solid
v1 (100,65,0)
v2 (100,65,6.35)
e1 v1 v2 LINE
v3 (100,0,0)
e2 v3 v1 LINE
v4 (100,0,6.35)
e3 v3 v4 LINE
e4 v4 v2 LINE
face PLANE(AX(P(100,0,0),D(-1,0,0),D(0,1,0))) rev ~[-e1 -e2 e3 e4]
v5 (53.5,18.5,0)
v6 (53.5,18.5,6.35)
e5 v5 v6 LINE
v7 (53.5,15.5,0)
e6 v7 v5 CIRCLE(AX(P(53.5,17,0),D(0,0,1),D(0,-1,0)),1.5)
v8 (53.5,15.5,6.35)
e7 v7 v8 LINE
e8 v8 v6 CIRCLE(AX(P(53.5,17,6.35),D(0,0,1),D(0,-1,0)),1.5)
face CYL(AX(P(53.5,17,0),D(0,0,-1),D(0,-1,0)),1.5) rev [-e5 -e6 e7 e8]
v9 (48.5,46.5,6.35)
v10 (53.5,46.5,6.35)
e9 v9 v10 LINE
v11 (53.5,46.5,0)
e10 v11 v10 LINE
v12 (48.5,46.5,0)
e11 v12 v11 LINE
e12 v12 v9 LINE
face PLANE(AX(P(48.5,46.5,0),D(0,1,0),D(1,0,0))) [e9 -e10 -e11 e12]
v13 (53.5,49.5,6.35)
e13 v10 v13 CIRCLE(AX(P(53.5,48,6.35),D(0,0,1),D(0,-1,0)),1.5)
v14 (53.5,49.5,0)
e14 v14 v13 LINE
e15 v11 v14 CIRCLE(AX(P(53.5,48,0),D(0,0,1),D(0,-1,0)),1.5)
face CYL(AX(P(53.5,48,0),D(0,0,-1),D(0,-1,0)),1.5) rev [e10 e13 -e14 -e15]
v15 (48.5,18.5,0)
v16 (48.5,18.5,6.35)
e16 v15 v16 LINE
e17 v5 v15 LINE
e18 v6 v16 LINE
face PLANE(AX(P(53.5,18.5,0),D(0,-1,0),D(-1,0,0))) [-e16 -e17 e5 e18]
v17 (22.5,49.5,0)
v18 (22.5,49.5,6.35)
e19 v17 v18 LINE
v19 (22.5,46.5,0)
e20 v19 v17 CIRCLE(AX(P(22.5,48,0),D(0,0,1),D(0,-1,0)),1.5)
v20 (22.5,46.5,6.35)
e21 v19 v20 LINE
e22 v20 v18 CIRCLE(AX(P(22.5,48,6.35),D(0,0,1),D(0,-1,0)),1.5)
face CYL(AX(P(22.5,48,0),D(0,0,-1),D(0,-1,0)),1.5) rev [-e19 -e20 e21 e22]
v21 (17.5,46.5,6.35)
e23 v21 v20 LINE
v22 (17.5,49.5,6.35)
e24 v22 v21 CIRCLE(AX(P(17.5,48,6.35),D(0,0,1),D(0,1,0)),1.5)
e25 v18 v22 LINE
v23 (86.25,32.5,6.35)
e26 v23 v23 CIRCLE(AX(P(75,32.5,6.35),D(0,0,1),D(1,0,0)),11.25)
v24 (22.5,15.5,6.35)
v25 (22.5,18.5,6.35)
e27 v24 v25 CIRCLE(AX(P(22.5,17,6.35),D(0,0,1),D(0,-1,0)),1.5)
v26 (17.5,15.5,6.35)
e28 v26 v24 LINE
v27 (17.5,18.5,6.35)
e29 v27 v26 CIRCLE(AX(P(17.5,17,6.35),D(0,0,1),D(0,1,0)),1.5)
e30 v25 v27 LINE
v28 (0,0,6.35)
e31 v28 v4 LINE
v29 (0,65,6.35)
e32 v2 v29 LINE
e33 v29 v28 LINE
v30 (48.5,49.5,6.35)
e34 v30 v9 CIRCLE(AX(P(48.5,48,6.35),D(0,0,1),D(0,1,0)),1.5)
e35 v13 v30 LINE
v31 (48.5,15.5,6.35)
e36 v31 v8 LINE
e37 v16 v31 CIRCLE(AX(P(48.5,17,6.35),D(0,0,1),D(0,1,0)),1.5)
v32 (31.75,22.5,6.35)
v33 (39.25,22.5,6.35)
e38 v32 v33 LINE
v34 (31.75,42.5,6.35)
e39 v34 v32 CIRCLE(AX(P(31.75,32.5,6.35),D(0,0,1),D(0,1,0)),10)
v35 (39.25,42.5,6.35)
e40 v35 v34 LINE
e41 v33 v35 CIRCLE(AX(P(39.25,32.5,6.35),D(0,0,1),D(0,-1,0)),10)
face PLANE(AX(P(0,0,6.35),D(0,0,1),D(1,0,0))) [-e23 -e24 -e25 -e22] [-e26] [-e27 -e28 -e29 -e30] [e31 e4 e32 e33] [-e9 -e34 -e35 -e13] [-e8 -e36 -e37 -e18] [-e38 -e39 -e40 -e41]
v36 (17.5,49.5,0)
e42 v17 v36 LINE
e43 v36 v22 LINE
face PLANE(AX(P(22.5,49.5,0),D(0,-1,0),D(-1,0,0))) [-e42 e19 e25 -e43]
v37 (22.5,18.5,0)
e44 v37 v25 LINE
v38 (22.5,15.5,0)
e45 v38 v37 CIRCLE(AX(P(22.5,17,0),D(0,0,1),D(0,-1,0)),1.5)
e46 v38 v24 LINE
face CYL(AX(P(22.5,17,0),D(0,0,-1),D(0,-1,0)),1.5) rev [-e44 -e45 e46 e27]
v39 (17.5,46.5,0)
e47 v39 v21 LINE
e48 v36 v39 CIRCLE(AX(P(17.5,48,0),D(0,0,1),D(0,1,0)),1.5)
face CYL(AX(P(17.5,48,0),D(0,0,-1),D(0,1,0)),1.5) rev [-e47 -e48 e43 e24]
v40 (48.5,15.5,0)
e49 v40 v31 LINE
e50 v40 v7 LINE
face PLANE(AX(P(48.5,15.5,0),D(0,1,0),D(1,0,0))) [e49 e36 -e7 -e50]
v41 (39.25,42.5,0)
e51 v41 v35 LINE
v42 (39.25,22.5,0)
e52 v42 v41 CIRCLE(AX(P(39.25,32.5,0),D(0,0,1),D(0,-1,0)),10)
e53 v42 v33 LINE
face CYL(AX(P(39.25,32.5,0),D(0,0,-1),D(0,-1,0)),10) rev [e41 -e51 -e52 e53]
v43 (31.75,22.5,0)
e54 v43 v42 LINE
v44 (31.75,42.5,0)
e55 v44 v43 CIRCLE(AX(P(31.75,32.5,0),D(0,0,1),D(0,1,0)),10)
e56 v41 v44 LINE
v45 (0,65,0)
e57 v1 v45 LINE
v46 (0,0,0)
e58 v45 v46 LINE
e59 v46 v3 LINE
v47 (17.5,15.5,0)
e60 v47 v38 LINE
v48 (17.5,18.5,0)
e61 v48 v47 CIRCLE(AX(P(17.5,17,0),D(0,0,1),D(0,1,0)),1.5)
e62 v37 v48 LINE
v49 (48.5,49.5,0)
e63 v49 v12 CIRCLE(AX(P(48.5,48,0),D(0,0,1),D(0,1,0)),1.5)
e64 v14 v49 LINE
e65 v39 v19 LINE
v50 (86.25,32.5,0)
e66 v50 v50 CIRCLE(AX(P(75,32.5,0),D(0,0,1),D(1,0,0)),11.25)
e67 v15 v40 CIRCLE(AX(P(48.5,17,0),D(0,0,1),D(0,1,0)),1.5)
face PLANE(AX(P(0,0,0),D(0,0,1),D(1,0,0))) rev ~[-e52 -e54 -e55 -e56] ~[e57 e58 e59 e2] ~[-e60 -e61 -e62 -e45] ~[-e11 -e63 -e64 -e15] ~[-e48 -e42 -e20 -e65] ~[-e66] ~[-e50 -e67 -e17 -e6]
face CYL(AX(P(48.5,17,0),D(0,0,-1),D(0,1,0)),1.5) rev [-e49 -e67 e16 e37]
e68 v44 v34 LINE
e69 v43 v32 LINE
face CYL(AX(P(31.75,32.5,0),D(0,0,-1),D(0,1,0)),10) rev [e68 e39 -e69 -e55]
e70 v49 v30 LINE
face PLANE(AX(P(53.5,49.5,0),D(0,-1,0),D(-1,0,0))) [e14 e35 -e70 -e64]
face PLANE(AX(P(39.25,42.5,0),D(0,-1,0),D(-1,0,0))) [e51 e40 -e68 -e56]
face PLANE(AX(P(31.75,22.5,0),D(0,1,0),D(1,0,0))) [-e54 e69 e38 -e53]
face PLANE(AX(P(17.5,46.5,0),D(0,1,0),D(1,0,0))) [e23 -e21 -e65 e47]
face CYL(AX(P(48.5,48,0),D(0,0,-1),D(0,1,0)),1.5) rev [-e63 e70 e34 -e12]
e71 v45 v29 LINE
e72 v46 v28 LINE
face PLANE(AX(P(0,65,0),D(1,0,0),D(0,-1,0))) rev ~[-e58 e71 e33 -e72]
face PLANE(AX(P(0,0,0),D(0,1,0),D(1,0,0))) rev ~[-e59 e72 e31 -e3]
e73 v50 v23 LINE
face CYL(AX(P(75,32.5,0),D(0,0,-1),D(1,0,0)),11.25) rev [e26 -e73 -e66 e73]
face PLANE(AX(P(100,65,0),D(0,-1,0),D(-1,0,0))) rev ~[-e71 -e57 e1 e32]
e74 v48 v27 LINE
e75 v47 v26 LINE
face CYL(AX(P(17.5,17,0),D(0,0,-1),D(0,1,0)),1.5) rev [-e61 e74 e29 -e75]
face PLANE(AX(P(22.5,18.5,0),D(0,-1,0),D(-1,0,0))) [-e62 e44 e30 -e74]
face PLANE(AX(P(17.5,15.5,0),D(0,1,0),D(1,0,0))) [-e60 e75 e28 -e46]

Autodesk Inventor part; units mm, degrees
ref_plane "YZ Plane" through (0, 0, 0) normal (1, 0, 0) x (0, 1, 0)
ref_plane "XZ Plane" through (0, 0, 0) normal (0, 1, 0) x (-1, 0, 0)
ref_plane "XY Plane" through (0, 0, 0) normal (0, 0, 1) x (1, 0, 0)
sketch "Sketch1" plane through (0, 0, 0) normal (0, 0, 1) x (1, 0, 0)
  line L0 (0, 0) -> (100, 0)
  line L1 (100, 0) -> (100, 65)
  line L2 (100, 65) -> (0, 65)
  line L3 (0, 65) -> (0, 0)
  line L4 (17.5, 48) -> (22.5, 48) construction
  line L5 (17.5, 46.5) -> (22.5, 46.5)
  line L6 (22.5, 49.5) -> (17.5, 49.5)
  arc A0 (17.5, 49.5) -> (17.5, 46.5) centre (17.5, 48) ccw
  arc A1 (22.5, 46.5) -> (22.5, 49.5) centre (22.5, 48) ccw
  line L7 (53.5, 48) -> (48.5, 48) construction
  line L8 (53.5, 49.5) -> (48.5, 49.5)
  line L9 (48.5, 46.5) -> (53.5, 46.5)
  arc A2 (53.5, 46.5) -> (53.5, 49.5) centre (53.5, 48) ccw
  arc A3 (48.5, 49.5) -> (48.5, 46.5) centre (48.5, 48) ccw
  line L10 (17.5, 17) -> (22.5, 17) construction
  line L11 (17.5, 15.5) -> (22.5, 15.5)
  line L12 (22.5, 18.5) -> (17.5, 18.5)
  arc A4 (17.5, 18.5) -> (17.5, 15.5) centre (17.5, 17) ccw
  arc A5 (22.5, 15.5) -> (22.5, 18.5) centre (22.5, 17) ccw
  line L13 (48.5, 17) -> (53.5, 17) construction
  line L14 (48.5, 15.5) -> (53.5, 15.5)
  line L15 (53.5, 18.5) -> (48.5, 18.5)
  arc A6 (48.5, 18.5) -> (48.5, 15.5) centre (48.5, 17) ccw
  arc A7 (53.5, 15.5) -> (53.5, 18.5) centre (53.5, 17) ccw
  line L16 (31.75, 32.5) -> (39.25, 32.5) construction
  line L17 (31.75, 22.5) -> (39.25, 22.5)
  line L18 (39.25, 42.5) -> (31.75, 42.5)
  arc A8 (31.75, 42.5) -> (31.75, 22.5) centre (31.75, 32.5) ccw
  arc A9 (39.25, 22.5) -> (39.25, 42.5) centre (39.25, 32.5) ccw
  circle A10 centre (75, 32.5) radius 11.25
  point P0 (20, 48)
  point P1 (51, 48)
  point P2 (20, 17)
  point P3 (51, 17)
  point P4 (35.5, 32.5)
  point P5 (0, 32.5)
  dimension "d0" = 65
  dimension "d1" = 100
  dimension "d2" = 1.5
  dimension "d3" = 5
  dimension "d4" = 31
  dimension "d5" = 31
  dimension "d6" = 20
  dimension "d7" = 15.5
  dimension "d8" = 15.5
  dimension "d9" = 7.5
  dimension "d10" = 20
  dimension "d11" = 75
  dimension "d12" = 22.5
extrude "Extrusion1" add sketch "Sketch1" along normal blind 6.35
equation "\"d5\" = d4"
equation "\"d7\" = 0.5 * d4"
equation "\"d8\" = 0.5 * d5"
equation "\"d13\" = THICKB"
equation "\"THICKA\" = 3.175"
equation "\"THICKB\" = 6.35"
equation "\"THICKC\" = 12.7"
properties part number "WoodD_Extruder_Side_Motor"
